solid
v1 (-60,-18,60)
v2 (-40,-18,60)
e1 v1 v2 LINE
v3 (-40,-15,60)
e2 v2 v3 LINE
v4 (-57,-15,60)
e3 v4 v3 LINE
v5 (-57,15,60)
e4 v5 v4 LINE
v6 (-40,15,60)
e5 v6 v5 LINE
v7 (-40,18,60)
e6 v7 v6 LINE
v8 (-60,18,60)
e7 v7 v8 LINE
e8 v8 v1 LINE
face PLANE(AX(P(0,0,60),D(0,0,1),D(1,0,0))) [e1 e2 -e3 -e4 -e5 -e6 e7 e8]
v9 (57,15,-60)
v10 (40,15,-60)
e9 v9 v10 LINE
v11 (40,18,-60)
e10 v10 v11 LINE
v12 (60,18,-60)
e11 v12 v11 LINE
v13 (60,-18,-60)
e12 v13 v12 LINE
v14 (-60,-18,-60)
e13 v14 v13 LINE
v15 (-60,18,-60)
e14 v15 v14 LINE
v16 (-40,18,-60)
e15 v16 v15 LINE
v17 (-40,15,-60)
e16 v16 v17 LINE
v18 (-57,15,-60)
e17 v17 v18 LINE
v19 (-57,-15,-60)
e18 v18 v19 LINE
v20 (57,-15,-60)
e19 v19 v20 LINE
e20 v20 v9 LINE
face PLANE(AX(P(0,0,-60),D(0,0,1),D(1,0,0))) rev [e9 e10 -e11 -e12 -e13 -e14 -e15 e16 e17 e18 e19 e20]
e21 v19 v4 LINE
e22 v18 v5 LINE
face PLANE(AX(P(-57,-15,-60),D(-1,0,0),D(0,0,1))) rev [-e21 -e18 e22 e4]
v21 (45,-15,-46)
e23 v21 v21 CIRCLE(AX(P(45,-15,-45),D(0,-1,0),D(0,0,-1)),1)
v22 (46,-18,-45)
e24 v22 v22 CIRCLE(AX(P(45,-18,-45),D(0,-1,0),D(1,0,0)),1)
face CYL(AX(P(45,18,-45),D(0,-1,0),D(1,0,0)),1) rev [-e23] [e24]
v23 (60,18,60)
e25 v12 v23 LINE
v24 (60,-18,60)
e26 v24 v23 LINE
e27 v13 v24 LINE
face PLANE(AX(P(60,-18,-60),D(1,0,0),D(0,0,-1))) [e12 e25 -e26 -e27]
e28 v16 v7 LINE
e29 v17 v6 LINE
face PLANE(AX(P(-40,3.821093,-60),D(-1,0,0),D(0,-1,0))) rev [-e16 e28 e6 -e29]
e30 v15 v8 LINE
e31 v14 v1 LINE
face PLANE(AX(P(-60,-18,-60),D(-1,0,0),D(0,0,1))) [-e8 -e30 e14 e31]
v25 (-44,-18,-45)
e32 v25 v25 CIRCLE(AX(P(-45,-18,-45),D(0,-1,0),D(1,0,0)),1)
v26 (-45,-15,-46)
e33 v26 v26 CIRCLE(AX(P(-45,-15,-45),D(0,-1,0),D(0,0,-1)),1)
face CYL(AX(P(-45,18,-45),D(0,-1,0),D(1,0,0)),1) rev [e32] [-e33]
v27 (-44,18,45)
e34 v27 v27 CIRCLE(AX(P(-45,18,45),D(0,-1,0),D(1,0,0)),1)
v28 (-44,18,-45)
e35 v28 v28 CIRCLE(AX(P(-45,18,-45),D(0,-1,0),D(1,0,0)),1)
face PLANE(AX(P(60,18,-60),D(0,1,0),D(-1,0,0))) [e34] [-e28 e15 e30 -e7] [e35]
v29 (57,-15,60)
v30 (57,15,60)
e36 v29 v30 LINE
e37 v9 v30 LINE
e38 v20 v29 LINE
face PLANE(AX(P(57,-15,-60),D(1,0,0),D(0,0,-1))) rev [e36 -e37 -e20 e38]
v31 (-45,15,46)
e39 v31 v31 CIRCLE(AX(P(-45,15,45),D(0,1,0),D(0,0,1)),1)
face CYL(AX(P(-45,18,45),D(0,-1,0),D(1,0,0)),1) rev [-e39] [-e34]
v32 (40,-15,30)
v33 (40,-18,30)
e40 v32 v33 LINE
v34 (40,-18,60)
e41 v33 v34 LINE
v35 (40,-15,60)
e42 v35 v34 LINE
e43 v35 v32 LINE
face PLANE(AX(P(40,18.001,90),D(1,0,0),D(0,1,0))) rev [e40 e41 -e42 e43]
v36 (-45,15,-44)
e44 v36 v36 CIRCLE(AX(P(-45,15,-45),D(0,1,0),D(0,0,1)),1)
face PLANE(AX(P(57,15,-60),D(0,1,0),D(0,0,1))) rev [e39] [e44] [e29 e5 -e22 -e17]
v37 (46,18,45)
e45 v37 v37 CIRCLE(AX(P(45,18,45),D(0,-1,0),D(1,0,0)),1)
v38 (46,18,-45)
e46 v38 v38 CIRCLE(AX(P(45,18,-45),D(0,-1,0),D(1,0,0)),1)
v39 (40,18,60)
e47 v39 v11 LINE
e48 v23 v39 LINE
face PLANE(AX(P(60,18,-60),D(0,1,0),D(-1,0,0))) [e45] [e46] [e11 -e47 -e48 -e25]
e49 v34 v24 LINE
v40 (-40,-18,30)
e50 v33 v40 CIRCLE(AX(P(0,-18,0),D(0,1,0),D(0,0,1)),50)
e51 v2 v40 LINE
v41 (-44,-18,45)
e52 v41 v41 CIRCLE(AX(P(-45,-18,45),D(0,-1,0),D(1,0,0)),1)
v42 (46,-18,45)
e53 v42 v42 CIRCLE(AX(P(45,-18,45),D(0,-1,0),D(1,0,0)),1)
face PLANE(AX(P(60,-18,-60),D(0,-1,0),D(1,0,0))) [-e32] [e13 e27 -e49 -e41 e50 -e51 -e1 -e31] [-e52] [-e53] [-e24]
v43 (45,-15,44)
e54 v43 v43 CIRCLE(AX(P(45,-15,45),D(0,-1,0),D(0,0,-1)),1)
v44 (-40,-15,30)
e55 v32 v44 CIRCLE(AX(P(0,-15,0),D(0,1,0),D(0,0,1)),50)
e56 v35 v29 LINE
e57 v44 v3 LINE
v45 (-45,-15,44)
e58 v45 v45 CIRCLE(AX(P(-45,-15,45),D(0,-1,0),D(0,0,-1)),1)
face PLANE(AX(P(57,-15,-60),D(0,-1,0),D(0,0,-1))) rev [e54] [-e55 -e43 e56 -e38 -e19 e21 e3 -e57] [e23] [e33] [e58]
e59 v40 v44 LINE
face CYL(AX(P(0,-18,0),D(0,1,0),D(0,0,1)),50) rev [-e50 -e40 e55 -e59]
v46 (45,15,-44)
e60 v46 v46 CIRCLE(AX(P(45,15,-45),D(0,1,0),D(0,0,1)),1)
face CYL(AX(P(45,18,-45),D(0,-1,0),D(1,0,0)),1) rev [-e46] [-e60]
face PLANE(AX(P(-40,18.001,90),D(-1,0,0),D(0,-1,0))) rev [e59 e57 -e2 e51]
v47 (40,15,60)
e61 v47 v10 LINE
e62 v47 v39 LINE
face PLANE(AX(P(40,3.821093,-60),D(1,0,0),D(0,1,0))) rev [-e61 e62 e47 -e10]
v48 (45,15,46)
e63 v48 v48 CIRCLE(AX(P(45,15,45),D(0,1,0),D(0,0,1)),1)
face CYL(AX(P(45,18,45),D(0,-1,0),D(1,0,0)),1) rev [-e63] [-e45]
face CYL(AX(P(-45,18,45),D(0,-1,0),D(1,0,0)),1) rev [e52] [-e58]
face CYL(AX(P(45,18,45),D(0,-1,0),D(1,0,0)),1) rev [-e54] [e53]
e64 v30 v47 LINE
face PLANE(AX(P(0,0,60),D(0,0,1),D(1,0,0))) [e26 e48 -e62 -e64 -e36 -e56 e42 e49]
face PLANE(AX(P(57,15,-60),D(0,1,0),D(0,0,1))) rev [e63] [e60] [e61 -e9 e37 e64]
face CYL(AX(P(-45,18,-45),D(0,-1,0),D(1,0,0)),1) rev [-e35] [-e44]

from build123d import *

# Parameters (mm, degrees)
BOSS_EXTRUDE1_DEPTH      = 60
BOSS_EXTRUDE1_DEPTH_BACK = 60
SKETCH1_W                = 120
SKETCH1_H                = 36
SKETCH2_W                = 114
SKETCH2_H                = 30
CUT_EXTRUDE1_DEPTH       = 136.366170072
SKETCH3_W                = 80
SKETCH3_H                = 22.357813814
CUT_EXTRUDE2_DEPTH       = 136.366170072
SKETCH4_R                = 50
CUT_EXTRUDE3_DEPTH       = 92.043945433
SKETCH7_R                = 1
CUT_EXTRUDE4_DEPTH       = 93.173748974
CUT_EXTRUDE6_REACH       = 94.174
SKETCH9_W                = 80
SKETCH9_H                = 60


with BuildPart() as part:
    # Sketch1 → Boss-Extrude1 (new, two sides: drawn at the far end of the back side and taken through both)
    with BuildSketch(Plane.XY.offset(-BOSS_EXTRUDE1_DEPTH_BACK)):
        Rectangle(SKETCH1_W, SKETCH1_H)
    extrude(amount=BOSS_EXTRUDE1_DEPTH + BOSS_EXTRUDE1_DEPTH_BACK)

    # Sketch2 → Cut-Extrude1 (cut, through all)
    with BuildSketch(Plane.XY.offset(60)):
        Rectangle(SKETCH2_W, SKETCH2_H)
    extrude(amount=-CUT_EXTRUDE1_DEPTH, mode=Mode.SUBTRACT)

    # Sketch3 → Cut-Extrude2 (cut, through all)
    with BuildSketch(Plane.XY.offset(60)):
        with Locations((0, 15)):
            Rectangle(SKETCH3_W, SKETCH3_H)
    extrude(amount=-CUT_EXTRUDE2_DEPTH, mode=Mode.SUBTRACT)

    # Sketch4 → Cut-Extrude3 (cut, through all)
    with BuildSketch(Plane(origin=(0, -15, 0), x_dir=(1, 0, 0), z_dir=(0, 1, 0))):
        Circle(SKETCH4_R)
    extrude(amount=-CUT_EXTRUDE3_DEPTH, mode=Mode.SUBTRACT)

    # Sketch7 → Cut-Extrude4 (cut, through all)
    with BuildSketch(Plane(origin=(0, -18, 0), x_dir=(-1, 0, 0), z_dir=(0, -1, 0))):
        with Locations((45, -45)):
            Circle(SKETCH7_R)
        with Locations((-45, -45)):
            Circle(SKETCH7_R)
        with Locations((-45, 45)):
            Circle(SKETCH7_R)
        with Locations((45, 45)):
            Circle(SKETCH7_R)
    extrude(amount=-CUT_EXTRUDE4_DEPTH, mode=Mode.SUBTRACT)

    # Sketch9 → Cut-Extrude6 (cut, up to next)
    with BuildSketch(Plane.XZ.offset(18), mode=Mode.PRIVATE) as cut_extrude6_sk1:
        with Locations((0, 60)):
            Rectangle(SKETCH9_W, SKETCH9_H)
    cut_extrude6_tool1 = extrude(cut_extrude6_sk1.sketch, amount=-CUT_EXTRUDE6_REACH, mode=Mode.PRIVATE) & part.part
    add(cut_extrude6_tool1.solids().sort_by_distance((0, -18, 60))[0], mode=Mode.SUBTRACT)


solid = part.part
